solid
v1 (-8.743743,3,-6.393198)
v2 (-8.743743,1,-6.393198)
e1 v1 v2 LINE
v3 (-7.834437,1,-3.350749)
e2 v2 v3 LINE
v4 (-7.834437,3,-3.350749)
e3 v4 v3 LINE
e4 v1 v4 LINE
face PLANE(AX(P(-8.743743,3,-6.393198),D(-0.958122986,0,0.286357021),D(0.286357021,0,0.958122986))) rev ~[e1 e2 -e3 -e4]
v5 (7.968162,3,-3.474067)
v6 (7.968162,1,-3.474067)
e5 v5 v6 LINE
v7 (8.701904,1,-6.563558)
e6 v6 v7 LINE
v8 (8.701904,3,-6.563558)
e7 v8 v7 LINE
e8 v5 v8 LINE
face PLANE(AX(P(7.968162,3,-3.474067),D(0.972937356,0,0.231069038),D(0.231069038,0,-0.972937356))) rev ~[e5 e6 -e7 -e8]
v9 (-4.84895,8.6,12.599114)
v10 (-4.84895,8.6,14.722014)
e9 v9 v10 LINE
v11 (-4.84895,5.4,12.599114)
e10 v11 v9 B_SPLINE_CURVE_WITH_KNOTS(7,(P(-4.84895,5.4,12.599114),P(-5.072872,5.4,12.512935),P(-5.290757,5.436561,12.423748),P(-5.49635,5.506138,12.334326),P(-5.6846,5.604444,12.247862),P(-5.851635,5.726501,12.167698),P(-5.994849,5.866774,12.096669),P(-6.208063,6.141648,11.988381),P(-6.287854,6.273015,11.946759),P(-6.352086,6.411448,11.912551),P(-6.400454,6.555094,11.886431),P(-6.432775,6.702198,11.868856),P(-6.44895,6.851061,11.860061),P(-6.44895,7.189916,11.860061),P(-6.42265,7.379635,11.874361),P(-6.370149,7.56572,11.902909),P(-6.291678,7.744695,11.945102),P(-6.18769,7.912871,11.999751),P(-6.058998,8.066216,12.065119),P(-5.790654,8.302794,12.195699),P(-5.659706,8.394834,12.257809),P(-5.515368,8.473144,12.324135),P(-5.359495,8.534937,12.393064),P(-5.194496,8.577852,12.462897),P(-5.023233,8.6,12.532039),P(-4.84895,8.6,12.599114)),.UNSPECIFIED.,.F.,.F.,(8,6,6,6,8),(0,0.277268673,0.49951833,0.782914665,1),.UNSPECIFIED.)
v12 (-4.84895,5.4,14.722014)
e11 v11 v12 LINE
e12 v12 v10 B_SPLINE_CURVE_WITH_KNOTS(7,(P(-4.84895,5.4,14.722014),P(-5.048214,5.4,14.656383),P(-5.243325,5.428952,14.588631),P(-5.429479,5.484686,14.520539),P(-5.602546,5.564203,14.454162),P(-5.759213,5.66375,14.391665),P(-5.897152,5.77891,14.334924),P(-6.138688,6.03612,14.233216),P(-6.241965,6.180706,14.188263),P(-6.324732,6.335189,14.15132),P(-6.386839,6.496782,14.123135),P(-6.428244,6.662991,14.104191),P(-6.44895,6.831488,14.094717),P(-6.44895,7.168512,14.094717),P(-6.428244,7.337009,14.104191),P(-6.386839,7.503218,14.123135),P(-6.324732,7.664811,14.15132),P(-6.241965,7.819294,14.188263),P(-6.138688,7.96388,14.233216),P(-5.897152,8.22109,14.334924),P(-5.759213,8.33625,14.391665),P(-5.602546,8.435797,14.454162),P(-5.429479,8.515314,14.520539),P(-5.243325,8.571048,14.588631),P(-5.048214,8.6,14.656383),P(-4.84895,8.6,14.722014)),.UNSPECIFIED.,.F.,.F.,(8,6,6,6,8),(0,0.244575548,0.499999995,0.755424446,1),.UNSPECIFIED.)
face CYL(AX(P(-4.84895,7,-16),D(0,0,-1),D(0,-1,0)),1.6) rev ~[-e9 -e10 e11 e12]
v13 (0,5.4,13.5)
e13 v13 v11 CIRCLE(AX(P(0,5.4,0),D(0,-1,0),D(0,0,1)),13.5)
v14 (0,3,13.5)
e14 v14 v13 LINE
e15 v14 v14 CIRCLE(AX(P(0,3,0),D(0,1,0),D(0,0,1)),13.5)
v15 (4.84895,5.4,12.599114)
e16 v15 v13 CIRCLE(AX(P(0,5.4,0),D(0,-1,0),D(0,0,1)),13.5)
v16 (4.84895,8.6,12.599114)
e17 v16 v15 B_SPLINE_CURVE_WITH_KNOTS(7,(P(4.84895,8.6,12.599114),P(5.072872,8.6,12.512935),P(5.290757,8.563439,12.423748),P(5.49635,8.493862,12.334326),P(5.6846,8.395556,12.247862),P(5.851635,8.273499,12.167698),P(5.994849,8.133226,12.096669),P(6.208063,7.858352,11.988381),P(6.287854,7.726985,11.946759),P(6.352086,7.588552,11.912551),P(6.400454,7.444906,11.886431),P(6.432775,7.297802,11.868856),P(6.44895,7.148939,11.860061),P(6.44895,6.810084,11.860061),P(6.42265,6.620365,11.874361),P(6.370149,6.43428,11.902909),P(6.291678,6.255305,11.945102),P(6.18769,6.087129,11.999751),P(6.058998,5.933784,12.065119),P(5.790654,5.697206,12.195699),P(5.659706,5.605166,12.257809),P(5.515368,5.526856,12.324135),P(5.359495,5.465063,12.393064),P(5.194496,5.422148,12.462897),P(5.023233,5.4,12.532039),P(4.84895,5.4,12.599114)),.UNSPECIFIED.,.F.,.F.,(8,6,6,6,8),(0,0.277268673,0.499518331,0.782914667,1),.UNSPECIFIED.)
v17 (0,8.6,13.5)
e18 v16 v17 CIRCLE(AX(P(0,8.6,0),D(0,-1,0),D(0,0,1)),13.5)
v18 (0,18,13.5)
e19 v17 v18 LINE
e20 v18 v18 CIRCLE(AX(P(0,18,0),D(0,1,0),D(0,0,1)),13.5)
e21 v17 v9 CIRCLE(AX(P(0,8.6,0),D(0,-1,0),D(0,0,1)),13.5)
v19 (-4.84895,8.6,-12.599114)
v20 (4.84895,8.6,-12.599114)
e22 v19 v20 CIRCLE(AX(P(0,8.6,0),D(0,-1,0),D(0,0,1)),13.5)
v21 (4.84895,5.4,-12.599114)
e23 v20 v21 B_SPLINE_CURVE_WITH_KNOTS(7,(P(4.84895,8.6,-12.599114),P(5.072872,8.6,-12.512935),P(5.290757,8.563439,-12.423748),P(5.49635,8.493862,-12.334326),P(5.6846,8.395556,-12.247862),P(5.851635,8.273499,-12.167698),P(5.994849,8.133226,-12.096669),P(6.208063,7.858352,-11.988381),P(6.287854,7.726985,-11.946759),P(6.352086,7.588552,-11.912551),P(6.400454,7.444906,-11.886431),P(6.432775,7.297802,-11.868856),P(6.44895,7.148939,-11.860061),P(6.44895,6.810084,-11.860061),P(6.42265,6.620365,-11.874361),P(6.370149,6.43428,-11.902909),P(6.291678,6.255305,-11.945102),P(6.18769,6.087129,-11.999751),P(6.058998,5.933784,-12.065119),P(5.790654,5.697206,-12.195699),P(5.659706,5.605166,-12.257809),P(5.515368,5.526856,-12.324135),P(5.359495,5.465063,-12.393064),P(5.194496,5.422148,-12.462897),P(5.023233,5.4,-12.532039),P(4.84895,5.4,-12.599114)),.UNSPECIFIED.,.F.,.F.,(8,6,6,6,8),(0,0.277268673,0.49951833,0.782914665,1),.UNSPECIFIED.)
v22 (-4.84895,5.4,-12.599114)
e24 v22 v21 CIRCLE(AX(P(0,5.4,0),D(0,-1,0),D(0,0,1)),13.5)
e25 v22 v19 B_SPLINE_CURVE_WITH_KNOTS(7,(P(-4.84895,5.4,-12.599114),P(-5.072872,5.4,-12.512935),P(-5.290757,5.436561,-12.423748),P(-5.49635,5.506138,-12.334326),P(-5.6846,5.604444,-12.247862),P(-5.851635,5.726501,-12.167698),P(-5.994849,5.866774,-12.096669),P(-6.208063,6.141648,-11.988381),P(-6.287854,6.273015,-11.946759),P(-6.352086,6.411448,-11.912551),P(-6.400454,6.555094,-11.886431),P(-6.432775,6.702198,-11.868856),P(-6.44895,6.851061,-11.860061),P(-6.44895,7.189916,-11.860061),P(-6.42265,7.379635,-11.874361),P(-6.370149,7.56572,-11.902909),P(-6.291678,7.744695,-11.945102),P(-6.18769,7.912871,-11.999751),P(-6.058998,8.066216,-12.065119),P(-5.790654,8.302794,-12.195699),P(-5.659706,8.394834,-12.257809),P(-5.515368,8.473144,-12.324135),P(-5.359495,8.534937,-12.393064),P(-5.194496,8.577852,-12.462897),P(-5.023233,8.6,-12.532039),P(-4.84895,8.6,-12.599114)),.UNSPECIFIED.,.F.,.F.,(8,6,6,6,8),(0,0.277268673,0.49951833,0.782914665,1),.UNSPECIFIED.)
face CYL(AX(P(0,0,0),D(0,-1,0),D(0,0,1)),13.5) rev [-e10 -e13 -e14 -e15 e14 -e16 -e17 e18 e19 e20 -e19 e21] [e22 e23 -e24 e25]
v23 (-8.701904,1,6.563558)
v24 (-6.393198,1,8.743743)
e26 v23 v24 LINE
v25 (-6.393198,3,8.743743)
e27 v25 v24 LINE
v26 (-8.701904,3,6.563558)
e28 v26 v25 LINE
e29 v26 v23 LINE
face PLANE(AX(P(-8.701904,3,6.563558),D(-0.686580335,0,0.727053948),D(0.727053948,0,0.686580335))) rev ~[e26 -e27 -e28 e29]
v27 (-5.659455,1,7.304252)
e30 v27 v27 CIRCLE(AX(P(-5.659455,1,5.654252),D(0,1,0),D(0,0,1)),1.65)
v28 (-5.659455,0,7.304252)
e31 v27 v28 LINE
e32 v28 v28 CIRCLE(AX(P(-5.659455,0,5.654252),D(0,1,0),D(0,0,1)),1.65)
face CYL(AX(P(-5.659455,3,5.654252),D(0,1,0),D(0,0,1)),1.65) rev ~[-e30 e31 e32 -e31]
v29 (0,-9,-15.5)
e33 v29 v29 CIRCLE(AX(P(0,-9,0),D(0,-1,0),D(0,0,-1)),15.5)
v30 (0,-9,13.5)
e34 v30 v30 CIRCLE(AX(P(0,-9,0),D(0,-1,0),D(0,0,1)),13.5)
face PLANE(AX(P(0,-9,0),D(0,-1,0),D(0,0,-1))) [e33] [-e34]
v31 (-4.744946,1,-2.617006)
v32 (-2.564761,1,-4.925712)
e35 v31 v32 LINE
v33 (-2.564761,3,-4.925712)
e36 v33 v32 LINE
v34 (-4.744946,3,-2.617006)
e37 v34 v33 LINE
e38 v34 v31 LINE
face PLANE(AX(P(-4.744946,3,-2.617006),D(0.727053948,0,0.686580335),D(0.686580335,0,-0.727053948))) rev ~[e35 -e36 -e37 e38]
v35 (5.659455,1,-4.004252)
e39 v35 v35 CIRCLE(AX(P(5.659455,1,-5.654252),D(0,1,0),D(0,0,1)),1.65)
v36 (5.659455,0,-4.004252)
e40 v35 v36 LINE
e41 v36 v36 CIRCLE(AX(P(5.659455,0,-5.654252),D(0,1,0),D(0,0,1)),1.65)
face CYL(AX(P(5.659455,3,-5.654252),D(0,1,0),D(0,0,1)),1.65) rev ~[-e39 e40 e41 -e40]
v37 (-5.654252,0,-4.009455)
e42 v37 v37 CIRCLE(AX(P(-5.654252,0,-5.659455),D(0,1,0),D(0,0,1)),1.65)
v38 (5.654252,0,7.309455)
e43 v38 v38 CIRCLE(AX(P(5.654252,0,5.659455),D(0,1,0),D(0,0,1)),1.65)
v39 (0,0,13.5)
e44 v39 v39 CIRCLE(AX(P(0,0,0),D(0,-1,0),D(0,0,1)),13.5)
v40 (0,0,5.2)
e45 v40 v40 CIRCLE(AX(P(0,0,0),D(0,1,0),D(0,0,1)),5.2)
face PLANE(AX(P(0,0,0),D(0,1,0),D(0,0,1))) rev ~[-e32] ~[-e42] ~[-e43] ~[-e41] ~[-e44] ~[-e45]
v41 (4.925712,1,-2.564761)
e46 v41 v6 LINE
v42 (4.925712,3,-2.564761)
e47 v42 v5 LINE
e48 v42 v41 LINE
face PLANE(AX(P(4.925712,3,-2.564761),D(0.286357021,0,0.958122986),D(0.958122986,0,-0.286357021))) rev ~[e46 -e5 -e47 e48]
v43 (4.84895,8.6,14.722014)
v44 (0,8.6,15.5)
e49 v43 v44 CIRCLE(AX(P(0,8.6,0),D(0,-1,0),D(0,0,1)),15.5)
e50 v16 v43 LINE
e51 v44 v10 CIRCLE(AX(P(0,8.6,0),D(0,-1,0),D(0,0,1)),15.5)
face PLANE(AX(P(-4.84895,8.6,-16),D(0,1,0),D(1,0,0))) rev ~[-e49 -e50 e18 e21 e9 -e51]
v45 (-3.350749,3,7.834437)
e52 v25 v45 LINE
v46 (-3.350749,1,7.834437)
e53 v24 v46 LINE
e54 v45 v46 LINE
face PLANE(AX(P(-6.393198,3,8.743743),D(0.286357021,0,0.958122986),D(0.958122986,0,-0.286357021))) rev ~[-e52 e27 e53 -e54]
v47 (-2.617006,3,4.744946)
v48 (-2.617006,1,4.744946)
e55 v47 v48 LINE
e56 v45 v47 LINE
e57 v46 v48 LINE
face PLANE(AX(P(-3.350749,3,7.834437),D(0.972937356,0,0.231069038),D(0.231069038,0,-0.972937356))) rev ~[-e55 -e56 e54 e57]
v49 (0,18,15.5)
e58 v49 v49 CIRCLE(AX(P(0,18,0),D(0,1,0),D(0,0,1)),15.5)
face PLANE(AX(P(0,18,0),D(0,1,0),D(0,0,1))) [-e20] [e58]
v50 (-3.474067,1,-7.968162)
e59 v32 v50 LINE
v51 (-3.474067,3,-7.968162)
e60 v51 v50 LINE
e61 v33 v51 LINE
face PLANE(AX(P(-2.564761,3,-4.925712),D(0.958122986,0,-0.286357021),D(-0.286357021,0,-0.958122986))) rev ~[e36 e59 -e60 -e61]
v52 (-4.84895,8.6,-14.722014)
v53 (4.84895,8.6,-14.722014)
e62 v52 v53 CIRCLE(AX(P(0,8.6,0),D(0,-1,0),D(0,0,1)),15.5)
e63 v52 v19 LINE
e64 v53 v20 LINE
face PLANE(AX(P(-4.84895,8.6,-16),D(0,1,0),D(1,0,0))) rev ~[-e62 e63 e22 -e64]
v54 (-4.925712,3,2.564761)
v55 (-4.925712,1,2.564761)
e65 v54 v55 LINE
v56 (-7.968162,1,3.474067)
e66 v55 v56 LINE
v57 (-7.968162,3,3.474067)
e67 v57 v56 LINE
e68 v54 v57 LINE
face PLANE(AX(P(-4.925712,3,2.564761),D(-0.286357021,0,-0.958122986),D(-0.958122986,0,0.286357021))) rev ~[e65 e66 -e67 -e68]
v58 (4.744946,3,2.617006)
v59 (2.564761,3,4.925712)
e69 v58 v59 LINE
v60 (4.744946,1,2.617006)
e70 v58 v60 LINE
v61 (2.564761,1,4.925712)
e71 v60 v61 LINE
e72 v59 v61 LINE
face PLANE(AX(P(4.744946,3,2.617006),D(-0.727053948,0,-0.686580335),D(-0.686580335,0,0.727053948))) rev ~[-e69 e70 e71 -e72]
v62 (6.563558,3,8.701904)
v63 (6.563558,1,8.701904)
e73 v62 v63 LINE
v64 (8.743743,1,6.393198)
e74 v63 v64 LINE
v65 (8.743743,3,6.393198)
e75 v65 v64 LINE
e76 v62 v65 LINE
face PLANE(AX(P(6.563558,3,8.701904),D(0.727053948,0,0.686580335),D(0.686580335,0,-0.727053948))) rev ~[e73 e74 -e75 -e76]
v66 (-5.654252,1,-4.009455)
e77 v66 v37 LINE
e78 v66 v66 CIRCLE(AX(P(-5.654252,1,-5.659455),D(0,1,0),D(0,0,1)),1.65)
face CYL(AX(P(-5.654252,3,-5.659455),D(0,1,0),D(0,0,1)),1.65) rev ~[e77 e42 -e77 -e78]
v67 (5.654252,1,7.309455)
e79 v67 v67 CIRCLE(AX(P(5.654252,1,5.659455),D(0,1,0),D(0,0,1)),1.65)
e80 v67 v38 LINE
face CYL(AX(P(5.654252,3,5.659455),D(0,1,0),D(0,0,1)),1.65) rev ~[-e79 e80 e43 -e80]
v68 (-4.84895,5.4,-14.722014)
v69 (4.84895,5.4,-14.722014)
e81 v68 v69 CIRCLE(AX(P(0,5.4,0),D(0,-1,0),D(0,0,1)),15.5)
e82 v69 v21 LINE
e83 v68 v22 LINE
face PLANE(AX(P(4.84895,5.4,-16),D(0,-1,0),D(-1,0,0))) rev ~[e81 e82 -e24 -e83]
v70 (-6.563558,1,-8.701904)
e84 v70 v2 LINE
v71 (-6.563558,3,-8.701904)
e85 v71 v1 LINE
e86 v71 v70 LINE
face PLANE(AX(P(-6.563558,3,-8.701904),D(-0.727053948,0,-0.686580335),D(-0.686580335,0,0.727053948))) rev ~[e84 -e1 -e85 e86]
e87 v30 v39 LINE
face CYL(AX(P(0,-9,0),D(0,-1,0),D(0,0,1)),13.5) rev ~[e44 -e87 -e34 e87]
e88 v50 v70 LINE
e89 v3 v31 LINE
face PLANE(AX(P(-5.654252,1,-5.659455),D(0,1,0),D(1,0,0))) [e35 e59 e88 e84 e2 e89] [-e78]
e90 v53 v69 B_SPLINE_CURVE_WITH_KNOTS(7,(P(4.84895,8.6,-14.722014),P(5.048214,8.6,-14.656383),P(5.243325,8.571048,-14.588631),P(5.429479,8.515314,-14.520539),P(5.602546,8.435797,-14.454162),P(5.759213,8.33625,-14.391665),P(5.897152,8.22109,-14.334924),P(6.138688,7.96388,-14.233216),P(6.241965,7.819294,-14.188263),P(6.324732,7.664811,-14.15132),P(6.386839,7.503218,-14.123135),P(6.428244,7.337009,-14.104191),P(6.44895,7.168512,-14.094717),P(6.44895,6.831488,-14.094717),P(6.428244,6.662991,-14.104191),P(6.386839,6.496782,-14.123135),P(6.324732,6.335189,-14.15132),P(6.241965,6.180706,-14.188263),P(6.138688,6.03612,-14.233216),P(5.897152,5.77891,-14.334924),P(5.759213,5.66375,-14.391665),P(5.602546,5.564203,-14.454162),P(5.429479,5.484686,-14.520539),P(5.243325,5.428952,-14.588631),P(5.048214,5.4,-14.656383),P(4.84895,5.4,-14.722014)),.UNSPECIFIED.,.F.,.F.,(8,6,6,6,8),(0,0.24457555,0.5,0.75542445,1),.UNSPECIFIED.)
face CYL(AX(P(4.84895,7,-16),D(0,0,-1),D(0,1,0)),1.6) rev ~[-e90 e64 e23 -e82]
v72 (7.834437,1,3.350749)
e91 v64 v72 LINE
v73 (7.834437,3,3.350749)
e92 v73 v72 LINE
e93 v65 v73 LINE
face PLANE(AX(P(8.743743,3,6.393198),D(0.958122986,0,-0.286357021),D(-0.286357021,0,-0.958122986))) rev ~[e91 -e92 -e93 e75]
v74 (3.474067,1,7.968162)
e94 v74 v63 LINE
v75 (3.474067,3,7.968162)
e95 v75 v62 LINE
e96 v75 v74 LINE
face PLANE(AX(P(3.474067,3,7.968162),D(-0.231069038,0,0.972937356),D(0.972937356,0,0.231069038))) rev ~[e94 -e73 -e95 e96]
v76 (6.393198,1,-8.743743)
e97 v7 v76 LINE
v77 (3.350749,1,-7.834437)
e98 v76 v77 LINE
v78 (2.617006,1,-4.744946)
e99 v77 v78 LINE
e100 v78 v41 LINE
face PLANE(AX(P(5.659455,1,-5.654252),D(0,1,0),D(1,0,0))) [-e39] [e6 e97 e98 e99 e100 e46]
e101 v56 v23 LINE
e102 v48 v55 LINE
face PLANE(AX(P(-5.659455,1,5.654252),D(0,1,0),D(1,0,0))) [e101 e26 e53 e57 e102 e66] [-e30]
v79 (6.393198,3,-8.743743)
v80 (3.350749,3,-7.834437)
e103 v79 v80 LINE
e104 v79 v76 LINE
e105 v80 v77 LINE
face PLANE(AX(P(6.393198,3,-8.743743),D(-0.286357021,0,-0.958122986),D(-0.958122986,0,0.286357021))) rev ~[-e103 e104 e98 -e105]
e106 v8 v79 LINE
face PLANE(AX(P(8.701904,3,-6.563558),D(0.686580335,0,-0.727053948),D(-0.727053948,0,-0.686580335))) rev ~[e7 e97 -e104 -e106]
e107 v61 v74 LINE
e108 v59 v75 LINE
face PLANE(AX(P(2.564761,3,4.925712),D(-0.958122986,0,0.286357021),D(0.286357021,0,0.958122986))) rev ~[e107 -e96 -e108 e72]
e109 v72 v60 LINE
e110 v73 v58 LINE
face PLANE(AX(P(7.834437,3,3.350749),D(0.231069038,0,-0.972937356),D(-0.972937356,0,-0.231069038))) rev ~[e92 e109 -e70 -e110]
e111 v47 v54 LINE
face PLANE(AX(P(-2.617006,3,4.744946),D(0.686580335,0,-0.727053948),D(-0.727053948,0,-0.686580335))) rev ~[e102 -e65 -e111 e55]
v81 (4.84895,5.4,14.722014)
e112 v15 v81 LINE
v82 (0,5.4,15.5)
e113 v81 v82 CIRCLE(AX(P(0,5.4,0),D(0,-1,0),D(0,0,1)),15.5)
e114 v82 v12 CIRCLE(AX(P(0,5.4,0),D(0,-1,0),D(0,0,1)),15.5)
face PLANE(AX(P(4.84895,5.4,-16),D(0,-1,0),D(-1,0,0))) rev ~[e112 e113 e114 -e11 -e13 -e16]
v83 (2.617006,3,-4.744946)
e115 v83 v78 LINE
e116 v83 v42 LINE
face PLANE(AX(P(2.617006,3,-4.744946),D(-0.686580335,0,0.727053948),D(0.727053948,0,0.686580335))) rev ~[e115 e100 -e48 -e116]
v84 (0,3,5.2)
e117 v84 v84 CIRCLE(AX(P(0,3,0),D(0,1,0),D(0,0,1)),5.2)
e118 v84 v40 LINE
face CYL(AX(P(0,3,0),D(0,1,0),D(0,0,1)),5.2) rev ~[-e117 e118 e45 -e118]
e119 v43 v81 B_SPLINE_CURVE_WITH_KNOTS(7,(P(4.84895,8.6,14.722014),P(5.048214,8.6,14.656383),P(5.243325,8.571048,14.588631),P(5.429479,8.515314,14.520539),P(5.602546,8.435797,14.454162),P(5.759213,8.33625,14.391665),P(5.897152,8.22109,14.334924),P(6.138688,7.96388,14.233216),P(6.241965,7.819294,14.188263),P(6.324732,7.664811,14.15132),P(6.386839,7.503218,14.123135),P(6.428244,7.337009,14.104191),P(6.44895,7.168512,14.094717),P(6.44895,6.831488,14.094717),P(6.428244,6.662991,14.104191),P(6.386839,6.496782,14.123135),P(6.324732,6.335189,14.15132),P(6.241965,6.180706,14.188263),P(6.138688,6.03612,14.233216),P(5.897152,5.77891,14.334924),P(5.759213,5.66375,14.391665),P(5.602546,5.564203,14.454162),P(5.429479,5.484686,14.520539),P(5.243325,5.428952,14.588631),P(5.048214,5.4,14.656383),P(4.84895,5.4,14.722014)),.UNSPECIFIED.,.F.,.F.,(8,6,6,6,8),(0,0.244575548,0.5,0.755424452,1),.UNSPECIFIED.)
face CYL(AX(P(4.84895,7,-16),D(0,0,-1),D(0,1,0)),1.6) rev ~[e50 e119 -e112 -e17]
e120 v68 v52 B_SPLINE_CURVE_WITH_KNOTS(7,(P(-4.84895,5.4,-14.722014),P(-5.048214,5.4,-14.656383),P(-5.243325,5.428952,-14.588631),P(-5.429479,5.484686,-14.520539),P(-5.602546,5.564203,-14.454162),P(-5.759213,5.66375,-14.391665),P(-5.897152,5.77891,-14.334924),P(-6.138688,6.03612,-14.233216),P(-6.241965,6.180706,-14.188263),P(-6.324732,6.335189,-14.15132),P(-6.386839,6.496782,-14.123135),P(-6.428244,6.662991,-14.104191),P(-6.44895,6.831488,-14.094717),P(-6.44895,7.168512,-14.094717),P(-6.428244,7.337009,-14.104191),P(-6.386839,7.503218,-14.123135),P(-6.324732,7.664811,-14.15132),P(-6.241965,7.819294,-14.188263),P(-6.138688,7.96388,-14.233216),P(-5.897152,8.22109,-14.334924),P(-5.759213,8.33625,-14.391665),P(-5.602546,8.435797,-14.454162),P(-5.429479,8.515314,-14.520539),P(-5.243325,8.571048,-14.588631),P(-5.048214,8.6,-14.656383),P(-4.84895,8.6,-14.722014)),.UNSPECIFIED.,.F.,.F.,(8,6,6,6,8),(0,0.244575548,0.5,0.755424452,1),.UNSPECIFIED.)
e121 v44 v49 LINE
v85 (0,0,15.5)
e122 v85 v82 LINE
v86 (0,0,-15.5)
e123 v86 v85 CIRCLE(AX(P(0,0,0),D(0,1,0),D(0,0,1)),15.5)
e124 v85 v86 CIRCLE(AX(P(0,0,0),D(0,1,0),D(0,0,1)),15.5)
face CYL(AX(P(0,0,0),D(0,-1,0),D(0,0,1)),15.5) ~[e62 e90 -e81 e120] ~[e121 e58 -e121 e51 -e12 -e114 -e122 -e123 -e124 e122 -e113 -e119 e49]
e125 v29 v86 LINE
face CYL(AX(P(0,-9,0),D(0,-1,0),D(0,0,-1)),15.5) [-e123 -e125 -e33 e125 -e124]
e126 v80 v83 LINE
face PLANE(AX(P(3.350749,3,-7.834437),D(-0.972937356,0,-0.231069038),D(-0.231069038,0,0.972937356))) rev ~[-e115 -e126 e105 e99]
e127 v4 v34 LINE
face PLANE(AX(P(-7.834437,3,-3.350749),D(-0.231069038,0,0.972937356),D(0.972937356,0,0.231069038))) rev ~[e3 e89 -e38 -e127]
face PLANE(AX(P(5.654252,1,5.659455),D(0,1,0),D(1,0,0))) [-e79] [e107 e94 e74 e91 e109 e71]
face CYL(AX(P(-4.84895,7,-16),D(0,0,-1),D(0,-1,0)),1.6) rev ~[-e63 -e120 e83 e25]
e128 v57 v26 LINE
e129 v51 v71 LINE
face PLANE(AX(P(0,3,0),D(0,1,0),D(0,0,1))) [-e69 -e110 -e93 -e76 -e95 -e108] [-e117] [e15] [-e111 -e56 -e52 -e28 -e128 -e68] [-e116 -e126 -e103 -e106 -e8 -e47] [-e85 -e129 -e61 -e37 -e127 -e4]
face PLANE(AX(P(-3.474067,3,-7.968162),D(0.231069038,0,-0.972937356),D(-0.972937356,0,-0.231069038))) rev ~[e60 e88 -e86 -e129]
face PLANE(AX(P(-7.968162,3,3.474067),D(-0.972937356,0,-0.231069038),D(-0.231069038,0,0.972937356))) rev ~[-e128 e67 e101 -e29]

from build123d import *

# Parameters (mm, degrees)
SKETCH1_R               = 15.5
SKETCH1_R_2             = 13.5
BOSS_EXTRUDE1_DEPTH     = 18
SKETCH1_3_R             = 13.5
BOSS_EXTRUDE2_DEPTH     = 3
SKETCH2_R               = 5.2
SKETCH2_R_2             = 1.65
CUT_EXTRUDE4_DEPTH      = 41
CUT_EXTRUDE5_DEPTH      = 2
CUT_EXTRUDE6_DEPTH      = 20
CUT_EXTRUDE6_DEPTH_BACK = 16
BOSS_EXTRUDE3_START     = 9
SKETCH5_R               = 15.5
SKETCH5_R_2             = 13.5
BOSS_EXTRUDE3_DEPTH     = 9


with BuildPart() as part:
    # Sketch1 → Boss-Extrude1 (new body)
    with BuildSketch(Plane(origin=(0, 0, 0), x_dir=(1, 0, 0), z_dir=(0, 1, 0))):
        Circle(SKETCH1_R)
        Circle(SKETCH1_R_2, mode=Mode.SUBTRACT)
    extrude(amount=BOSS_EXTRUDE1_DEPTH)

    # Sketch1<3> → Boss-Extrude2 (add)
    with BuildSketch(Plane(origin=(0, 0, 0), x_dir=(1, 0, 0), z_dir=(0, 1, 0))):
        Circle(SKETCH1_3_R)
    extrude(amount=BOSS_EXTRUDE2_DEPTH)

    # Sketch2 → Cut-Extrude4 (cut)
    with BuildSketch(Plane(origin=(0, 3, 0), x_dir=(1, 0, 0), z_dir=(0, 1, 0))):
        Circle(SKETCH2_R)
        with Locations((-5.654252066, 5.659455236)):
            Circle(SKETCH2_R_2)
        with Locations((5.659455236, 5.654252066)):
            Circle(SKETCH2_R_2)
        with Locations((5.654252066, -5.659455236)):
            Circle(SKETCH2_R_2)
        with Locations((-5.659455236, -5.654252066)):
            Circle(SKETCH2_R_2)
    extrude(amount=-CUT_EXTRUDE4_DEPTH, mode=Mode.SUBTRACT)

    # Sketch3 → Cut-Extrude5 (cut)
    with BuildSketch(Plane(origin=(0, 3, 0), x_dir=(1, 0, 0), z_dir=(0, 1, 0))):
        Polygon((-7.834437444, 3.350748878), (-4.744946398, 2.617006135), (-2.56476102, 4.925712494), (-3.474066688, 7.968161595), (-6.563557734, 8.701904338), (-8.743743112, 6.393197979), align=None)
        Polygon((3.350748878, 7.834437444), (2.617006135, 4.744946398), (4.925712494, 2.56476102), (7.968161595, 3.474066688), (8.701904338, 6.563557734), (6.393197979, 8.743743112), align=None)
        Polygon((7.834437444, -3.350748878), (4.744946398, -2.617006135), (2.56476102, -4.925712494), (3.474066688, -7.968161595), (6.563557734, -8.701904338), (8.743743112, -6.393197979), align=None)
        Polygon((-3.350748878, -7.834437444), (-2.617006135, -4.744946398), (-4.925712494, -2.56476102), (-7.968161595, -3.474066688), (-8.701904338, -6.563557734), (-6.393197979, -8.743743112), align=None)
    extrude(amount=-CUT_EXTRUDE5_DEPTH, mode=Mode.SUBTRACT)

    # Sketch4 → Cut-Extrude6 (cut, two sides: drawn at the far end of the back side and taken through both)
    with BuildSketch(Plane.XY.offset(-CUT_EXTRUDE6_DEPTH_BACK)):
        with BuildLine():
            Line((4.848949803, 5.4), (-4.848949803, 5.4))
            ThreePointArc((-4.848949803, 5.4), (-6.448949803, 7), (-4.848949803, 8.6))
            Line((-4.848949803, 8.6), (4.848949803, 8.6))
            ThreePointArc((4.848949803, 8.6), (6.448949803, 7), (4.848949803, 5.4))
        make_face()
    extrude(amount=CUT_EXTRUDE6_DEPTH + CUT_EXTRUDE6_DEPTH_BACK, mode=Mode.SUBTRACT)

    # Sketch5 → Boss-Extrude3 (add)
    with BuildSketch(Plane.XZ.offset(BOSS_EXTRUDE3_START)):
        Circle(SKETCH5_R)
        Circle(SKETCH5_R_2, mode=Mode.SUBTRACT)
    extrude(amount=-BOSS_EXTRUDE3_DEPTH)


solid = part.part
